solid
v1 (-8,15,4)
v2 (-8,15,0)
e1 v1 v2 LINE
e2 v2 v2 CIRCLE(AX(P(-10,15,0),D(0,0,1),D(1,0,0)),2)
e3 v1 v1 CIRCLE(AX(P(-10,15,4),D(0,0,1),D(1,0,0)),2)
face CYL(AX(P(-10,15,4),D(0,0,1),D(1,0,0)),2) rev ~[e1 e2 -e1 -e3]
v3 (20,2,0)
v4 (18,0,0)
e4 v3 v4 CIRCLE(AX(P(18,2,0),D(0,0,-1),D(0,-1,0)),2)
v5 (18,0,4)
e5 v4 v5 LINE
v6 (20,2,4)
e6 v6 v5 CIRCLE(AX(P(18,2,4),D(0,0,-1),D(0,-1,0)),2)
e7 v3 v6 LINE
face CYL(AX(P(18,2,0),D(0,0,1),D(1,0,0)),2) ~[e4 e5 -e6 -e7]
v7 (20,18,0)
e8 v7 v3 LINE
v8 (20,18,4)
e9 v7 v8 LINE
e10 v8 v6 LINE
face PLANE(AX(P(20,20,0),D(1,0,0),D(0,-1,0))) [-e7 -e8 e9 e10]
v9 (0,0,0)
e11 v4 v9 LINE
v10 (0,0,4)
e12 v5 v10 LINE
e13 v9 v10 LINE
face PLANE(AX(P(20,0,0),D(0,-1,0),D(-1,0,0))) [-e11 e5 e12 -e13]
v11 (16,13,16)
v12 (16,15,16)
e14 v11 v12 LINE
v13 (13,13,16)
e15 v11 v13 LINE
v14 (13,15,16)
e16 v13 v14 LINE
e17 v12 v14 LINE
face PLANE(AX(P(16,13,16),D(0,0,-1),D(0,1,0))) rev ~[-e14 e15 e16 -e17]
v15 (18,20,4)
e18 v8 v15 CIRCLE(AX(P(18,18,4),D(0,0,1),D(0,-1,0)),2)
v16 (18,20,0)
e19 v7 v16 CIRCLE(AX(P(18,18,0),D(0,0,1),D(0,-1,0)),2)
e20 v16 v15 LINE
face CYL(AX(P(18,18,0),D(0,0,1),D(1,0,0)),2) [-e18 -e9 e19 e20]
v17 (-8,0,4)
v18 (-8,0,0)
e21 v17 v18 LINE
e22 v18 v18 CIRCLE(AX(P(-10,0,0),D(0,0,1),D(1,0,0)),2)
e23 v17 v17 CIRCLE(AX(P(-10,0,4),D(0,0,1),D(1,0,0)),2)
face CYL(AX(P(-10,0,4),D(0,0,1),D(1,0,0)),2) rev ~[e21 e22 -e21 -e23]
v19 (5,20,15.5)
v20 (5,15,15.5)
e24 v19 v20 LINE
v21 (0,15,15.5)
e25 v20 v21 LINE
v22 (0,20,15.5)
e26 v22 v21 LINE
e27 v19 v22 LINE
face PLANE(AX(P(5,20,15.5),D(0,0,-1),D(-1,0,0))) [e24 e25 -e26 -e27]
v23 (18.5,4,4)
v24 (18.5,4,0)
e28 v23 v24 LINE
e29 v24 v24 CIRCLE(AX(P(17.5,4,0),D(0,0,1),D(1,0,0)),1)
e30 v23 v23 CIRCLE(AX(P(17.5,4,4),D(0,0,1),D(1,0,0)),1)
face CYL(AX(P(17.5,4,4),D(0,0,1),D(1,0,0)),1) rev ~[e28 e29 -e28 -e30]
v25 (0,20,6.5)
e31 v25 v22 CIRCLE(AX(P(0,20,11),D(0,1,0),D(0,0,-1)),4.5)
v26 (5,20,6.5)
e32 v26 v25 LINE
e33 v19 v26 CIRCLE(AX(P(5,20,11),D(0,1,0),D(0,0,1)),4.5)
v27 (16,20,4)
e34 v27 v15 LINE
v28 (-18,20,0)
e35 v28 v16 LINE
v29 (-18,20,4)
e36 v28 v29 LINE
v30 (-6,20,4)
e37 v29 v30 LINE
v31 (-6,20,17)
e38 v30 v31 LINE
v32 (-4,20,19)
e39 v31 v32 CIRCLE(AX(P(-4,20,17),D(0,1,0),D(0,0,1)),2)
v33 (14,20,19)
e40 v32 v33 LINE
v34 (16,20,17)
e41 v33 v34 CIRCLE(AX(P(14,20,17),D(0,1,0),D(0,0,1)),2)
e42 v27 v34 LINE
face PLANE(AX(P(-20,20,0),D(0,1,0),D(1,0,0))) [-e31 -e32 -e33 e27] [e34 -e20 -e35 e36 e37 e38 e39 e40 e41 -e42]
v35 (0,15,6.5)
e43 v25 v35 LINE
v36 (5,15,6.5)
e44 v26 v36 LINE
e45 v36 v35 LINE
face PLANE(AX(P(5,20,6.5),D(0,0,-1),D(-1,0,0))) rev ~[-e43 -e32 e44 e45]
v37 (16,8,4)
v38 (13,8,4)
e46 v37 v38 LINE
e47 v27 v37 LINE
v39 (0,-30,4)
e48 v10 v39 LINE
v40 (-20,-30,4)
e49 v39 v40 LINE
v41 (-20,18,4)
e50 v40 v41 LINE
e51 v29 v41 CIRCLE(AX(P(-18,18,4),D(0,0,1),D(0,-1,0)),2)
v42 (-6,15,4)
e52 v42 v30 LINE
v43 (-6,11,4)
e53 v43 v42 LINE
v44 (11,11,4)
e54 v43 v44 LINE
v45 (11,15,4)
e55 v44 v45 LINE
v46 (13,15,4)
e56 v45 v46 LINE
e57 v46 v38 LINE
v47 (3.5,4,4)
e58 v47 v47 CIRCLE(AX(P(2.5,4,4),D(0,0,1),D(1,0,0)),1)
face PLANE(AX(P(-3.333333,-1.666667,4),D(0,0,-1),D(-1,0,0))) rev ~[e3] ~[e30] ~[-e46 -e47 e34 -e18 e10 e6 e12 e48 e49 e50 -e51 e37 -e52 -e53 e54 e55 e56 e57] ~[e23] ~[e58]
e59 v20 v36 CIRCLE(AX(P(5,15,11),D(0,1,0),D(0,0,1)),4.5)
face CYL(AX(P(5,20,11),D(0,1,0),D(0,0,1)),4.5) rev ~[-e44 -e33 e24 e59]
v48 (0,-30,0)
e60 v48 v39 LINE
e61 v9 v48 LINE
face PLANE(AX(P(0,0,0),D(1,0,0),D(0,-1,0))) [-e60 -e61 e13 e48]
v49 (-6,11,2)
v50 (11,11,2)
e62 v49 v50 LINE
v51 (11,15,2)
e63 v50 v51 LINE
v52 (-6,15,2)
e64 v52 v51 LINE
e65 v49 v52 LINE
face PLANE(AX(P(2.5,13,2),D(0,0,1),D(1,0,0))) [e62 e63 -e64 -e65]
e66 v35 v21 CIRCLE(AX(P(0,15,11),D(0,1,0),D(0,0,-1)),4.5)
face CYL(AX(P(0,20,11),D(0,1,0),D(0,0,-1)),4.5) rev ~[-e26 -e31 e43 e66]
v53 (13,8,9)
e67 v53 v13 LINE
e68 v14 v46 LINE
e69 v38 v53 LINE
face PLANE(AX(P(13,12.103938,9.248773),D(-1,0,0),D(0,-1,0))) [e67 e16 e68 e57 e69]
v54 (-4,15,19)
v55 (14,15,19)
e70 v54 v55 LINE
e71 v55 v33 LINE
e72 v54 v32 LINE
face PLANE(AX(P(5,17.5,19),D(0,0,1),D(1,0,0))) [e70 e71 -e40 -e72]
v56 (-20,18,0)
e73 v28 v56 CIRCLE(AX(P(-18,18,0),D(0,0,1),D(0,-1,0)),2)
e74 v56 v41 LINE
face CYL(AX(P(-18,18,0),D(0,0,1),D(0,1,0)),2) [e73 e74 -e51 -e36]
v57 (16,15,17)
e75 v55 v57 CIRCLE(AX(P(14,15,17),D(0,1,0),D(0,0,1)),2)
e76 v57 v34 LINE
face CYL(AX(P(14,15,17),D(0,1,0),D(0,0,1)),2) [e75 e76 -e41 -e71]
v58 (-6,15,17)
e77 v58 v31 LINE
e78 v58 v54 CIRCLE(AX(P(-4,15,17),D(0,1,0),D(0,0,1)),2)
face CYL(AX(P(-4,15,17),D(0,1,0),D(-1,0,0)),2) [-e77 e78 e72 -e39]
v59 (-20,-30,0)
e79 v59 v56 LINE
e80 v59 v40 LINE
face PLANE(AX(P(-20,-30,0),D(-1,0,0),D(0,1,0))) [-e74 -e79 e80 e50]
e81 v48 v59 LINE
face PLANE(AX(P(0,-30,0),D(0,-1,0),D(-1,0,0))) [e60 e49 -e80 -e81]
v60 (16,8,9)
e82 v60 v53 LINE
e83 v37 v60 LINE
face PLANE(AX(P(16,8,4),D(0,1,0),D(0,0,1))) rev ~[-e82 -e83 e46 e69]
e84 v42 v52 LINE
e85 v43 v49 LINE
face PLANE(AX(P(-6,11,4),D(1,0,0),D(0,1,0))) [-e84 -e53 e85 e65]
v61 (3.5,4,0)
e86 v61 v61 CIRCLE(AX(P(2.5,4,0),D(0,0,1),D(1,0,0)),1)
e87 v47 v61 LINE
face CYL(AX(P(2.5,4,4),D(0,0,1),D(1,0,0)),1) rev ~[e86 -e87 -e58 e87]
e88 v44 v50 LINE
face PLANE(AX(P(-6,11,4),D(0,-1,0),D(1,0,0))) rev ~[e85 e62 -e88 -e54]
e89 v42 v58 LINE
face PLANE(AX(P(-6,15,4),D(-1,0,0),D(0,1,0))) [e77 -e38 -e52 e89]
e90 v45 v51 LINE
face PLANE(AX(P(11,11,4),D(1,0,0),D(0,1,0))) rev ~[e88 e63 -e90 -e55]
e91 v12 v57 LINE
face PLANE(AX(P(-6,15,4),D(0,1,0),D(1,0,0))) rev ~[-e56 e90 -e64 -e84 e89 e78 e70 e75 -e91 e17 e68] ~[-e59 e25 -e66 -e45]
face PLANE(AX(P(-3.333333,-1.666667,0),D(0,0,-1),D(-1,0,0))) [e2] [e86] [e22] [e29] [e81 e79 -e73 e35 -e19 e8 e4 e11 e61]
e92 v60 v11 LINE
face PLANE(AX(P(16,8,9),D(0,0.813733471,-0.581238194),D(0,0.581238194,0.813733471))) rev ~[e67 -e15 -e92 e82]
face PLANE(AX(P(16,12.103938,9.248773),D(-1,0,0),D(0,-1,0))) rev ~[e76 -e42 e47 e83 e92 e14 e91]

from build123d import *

# Parameters (mm, degrees)
PAD_DEPTH       = 4
SKETCH001_R     = 2
POCKET_DEPTH    = 4.001
SKETCH002_R     = 2
POCKET001_DEPTH = 4.001
SKETCH003_R     = 1
POCKET002_DEPTH = 4.001
SKETCH004_R     = 1
POCKET003_DEPTH = 4.001
SKETCH005_W     = 22
SKETCH005_H     = 5
PAD001_DEPTH    = 15
POCKET004_DEPTH = 50.001
FILLET_R        = 2
FILLET001_R     = 2
FILLET002_R     = 2
FILLET003_R     = 2
FILLET004_R     = 2
SKETCH007_W     = 17
SKETCH007_H     = 4
POCKET005_DEPTH = 2
PAD002_DEPTH    = 3


with BuildPart() as part:
    # Sketch → Pad (new body)
    with BuildSketch(Plane.XY):
        Polygon((-20, 20), (20, 20), (20, 0), (0, 0), (0, -30), (-20, -30), align=None)
    extrude(amount=PAD_DEPTH)

    # Sketch001 (on Face8 of Pad) → Pocket (cut, through all)
    with BuildSketch(Plane.XY.offset(4)):
        with Locations((-10, 15)):
            Circle(SKETCH001_R)
    extrude(amount=-POCKET_DEPTH, mode=Mode.SUBTRACT)

    # Sketch002 (on Face5 of Pocket) → Pocket001 (cut, through all)
    with BuildSketch(Plane.XY.offset(4)):
        with Locations((-10, 0)):
            Circle(SKETCH002_R)
    extrude(amount=-POCKET001_DEPTH, mode=Mode.SUBTRACT)

    # Sketch003 (on Face5 of Pocket001) → Pocket002 (cut, through all)
    with BuildSketch(Plane.XY.offset(4)):
        with Locations((2.5, 4)):
            Circle(SKETCH003_R)
    extrude(amount=-POCKET002_DEPTH, mode=Mode.SUBTRACT)

    # Sketch004 (on Face5 of Pocket002) → Pocket003 (cut, through all)
    with BuildSketch(Plane.XY.offset(4)):
        with Locations((17.5, 4)):
            Circle(SKETCH004_R)
    extrude(amount=-POCKET003_DEPTH, mode=Mode.SUBTRACT)

    # Sketch005 (on Face5 of Pocket003) → Pad001 (join)
    with BuildSketch(Plane.XY.offset(4)):
        with Locations((5, 17.5)):
            Rectangle(SKETCH005_W, SKETCH005_H)
    extrude(amount=PAD001_DEPTH)

    # Sketch006 (on Face6 of Pad001) → Pocket004 (cut, through all)
    with BuildSketch(Plane(origin=(0, 20, 0), x_dir=(-1, 0, 0), z_dir=(0, 1, 0))):
        with BuildLine():
            ThreePointArc((-5, 15.5), (-9.5, 11), (-5, 6.5))
            Line((-5, 6.5), (0, 6.5))
            ThreePointArc((0, 6.5), (4.5, 11), (0, 15.5))
            Line((-5, 15.5), (0, 15.5))
        make_face()
    extrude(amount=-POCKET004_DEPTH, mode=Mode.SUBTRACT)

    # Fillet
    fillet_edges = [part.edges().sort_by_distance(p)[0] for p in [
        (20, 0, 2),
    ]]
    fillet(fillet_edges, radius=FILLET_R)

    # Fillet001
    fillet001_edges = [part.edges().sort_by_distance(p)[0] for p in [
        (20, 20, 2),
    ]]
    fillet(fillet001_edges, radius=FILLET001_R)

    # Fillet002
    fillet002_edges = [part.edges().sort_by_distance(p)[0] for p in [
        (-20, 20, 2),
    ]]
    fillet(fillet002_edges, radius=FILLET002_R)

    # Fillet003
    fillet003_edges = [part.edges().sort_by_distance(p)[0] for p in [
        (-6, 17.5, 19),
    ]]
    fillet(fillet003_edges, radius=FILLET003_R)

    # Fillet004
    fillet004_edges = [part.edges().sort_by_distance(p)[0] for p in [
        (16, 17.5, 19),
    ]]
    fillet(fillet004_edges, radius=FILLET004_R)

    # Sketch007 (on Face13 of Fillet004) → Pocket005 (cut)
    with BuildSketch(Plane.XY.offset(4)):
        with Locations((2.5, 13)):
            Rectangle(SKETCH007_W, SKETCH007_H)
    extrude(amount=-POCKET005_DEPTH, mode=Mode.SUBTRACT)

    # Sketch008 (on Face5 of Pocket005) → Pad002 (join)
    with BuildSketch(Plane.YZ.offset(16)):
        Polygon((15, 4), (8, 4), (8, 9), (13, 16), (15, 16), align=None)
    extrude(amount=-PAD002_DEPTH)


solid = part.part
